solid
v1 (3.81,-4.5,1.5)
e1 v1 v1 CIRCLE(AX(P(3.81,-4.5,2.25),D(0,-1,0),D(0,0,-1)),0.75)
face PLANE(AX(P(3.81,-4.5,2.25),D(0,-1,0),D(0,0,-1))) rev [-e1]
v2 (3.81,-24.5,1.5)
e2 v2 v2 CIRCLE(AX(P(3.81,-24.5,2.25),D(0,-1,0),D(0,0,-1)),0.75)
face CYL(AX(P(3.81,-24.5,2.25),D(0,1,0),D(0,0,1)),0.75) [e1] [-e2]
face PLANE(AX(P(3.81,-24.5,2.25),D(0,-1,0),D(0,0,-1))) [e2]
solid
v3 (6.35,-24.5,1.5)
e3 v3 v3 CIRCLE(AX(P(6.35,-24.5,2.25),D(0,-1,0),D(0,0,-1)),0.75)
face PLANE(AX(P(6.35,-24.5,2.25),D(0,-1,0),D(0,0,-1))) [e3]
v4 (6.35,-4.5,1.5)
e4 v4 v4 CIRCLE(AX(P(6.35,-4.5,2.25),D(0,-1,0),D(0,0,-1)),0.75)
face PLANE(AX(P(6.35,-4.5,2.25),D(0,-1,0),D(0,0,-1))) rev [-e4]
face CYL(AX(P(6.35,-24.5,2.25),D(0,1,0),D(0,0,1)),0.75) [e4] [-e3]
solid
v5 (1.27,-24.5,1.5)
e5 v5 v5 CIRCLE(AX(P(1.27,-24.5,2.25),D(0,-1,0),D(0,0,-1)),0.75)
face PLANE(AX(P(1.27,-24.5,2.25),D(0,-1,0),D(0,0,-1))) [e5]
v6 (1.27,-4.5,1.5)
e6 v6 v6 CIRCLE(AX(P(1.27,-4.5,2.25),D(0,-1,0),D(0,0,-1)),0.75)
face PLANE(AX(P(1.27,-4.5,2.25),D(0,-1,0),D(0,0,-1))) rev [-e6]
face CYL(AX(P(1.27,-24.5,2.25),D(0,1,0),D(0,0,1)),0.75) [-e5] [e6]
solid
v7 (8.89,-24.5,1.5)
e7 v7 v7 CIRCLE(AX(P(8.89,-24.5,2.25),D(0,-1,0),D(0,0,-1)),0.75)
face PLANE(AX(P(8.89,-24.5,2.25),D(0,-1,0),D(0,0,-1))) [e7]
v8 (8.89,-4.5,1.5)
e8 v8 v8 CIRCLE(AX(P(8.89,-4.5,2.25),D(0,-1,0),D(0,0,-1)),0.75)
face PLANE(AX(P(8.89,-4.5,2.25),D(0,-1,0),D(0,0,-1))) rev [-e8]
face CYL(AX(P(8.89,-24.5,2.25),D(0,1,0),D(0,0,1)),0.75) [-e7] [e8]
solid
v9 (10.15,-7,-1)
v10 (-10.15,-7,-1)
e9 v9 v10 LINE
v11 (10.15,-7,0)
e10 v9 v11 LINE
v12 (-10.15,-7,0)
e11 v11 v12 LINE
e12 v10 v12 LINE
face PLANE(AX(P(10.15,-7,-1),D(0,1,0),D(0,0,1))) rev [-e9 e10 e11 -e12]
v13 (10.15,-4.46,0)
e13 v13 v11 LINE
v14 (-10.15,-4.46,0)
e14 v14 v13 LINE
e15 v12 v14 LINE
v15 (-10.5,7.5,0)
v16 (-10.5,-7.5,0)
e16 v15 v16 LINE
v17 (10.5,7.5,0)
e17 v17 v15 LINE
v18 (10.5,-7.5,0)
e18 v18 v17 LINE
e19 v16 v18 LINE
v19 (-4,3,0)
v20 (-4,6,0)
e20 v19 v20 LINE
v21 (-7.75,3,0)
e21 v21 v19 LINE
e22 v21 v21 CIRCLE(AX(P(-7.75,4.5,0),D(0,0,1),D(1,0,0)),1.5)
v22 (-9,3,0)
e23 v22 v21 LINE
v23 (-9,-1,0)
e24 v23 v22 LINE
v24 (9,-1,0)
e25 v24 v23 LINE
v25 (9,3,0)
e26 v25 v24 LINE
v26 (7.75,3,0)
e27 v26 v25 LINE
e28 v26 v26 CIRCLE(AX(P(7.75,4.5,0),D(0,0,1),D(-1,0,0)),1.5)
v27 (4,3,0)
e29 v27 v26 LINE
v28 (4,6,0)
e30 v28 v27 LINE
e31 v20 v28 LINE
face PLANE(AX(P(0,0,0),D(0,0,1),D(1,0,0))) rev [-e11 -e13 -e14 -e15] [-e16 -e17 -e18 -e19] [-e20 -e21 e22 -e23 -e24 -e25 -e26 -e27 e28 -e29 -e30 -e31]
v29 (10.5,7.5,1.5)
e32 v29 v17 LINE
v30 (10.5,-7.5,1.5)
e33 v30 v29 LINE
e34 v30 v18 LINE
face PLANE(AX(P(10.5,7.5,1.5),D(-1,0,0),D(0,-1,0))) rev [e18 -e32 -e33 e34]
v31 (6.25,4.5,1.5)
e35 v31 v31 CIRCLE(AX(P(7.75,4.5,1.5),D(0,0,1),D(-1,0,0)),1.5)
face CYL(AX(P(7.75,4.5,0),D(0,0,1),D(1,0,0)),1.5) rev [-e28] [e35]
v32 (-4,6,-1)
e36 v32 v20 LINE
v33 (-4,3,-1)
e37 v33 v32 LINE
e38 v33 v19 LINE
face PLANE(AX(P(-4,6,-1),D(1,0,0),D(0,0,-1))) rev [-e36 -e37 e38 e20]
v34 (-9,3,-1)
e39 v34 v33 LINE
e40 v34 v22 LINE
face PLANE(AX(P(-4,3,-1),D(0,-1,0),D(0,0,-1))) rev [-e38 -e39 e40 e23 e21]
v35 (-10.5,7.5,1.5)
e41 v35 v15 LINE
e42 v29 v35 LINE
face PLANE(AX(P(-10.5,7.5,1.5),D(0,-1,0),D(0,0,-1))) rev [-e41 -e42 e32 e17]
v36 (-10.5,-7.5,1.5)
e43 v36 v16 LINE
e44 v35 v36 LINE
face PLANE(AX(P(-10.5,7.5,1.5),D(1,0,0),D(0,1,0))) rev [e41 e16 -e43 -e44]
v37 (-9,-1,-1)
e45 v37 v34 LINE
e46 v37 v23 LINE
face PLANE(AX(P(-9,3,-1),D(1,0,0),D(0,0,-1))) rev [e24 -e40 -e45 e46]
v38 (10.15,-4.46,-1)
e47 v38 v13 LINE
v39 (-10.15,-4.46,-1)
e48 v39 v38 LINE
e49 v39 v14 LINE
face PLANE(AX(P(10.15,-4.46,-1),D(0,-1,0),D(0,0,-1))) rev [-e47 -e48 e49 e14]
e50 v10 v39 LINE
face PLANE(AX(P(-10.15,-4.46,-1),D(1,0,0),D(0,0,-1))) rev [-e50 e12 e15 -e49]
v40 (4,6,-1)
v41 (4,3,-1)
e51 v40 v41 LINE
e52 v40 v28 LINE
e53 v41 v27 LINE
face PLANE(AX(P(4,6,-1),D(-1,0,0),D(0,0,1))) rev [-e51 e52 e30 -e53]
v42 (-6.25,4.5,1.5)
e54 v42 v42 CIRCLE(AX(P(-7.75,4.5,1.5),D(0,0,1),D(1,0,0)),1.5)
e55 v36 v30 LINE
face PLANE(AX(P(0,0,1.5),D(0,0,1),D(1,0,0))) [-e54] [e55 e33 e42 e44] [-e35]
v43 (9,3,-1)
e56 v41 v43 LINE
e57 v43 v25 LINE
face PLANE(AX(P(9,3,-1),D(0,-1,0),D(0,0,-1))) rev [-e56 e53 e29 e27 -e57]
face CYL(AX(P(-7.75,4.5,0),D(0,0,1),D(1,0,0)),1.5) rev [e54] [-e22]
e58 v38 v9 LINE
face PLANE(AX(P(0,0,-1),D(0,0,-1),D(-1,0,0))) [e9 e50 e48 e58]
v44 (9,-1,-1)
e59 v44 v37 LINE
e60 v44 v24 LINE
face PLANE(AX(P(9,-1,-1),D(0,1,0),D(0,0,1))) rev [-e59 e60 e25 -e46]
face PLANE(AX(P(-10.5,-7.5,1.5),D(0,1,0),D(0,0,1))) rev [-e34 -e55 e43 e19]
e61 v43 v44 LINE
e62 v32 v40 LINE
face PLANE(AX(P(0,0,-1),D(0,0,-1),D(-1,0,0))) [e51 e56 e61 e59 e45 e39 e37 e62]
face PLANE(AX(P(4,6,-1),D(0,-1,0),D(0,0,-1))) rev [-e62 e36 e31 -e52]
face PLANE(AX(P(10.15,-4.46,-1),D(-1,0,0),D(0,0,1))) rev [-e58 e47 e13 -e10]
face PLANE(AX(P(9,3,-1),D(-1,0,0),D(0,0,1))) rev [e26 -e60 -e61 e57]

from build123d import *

# Parameters (mm, degrees)
SKETCH2_W                     = 21
SKETCH2_H                     = 15
BOSS_EXTRUDE1_DEPTH           = 1.5
SKETCH3_R                     = 1.5
CUT_EXTRUDE1_DEPTH            = 13.990381057
BOSS_EXTRUDE4_START           = -3
SKETCH7_R                     = 0.75
BOSS_EXTRUDE4_DEPTH           = 20
BOSS_EXTRUDE4_2_DEPTH         = 20
BOSS_EXTRUDE4_3_DEPTH         = 20
BOSS_EXTRUDE4_4_DEPTH         = 20
SKETCH6_W                     = 20.3
SKETCH6_H                     = 2.54
KOPONENTTIEN_TILAVARAUS_DEPTH = 1


with BuildPart() as part:
    # Sketch2 → Boss-Extrude1 (new body)
    with BuildSketch(Plane.XY):
        Rectangle(SKETCH2_W, SKETCH2_H)
    extrude(amount=BOSS_EXTRUDE1_DEPTH)

    # Sketch3 → Cut-Extrude1 (cut, through all)
    with BuildSketch(Plane.XY.offset(1.5)):
        with Locations((-7.75, 4.5)):
            Circle(SKETCH3_R)
        with Locations(Location((7.75, 4.5, 0), (0, 0, 180))):
            Circle(SKETCH3_R)
    extrude(amount=-CUT_EXTRUDE1_DEPTH, mode=Mode.SUBTRACT)

    # Sketch6 → Koponenttien tilavaraus (add)
    with BuildSketch(Plane(origin=(0, 0, 0), x_dir=(-1, 0, 0), z_dir=(0, 0, -1))):
        with Locations((0, -5.73)):
            Rectangle(SKETCH6_W, SKETCH6_H)
        Polygon((-9, 3), (-4, 3), (-4, 6), (4, 6), (4, 3), (9, 3), (9, -1), (-9, -1), align=None)
    extrude(amount=KOPONENTTIEN_TILAVARAUS_DEPTH)


with BuildPart() as body_2:
    # Sketch7 → Boss-Extrude4 (new body)
    with BuildSketch(Plane.XZ.offset(7.5).offset(BOSS_EXTRUDE4_START)):
        with Locations(Location((8.89, 2.25, 0), (0, 0, 270))):
            Circle(SKETCH7_R)
    extrude(amount=BOSS_EXTRUDE4_DEPTH)


with BuildPart() as body_3:
    # Sketch7 → Boss-Extrude4 2 (new body)
    with BuildSketch(Plane.XZ.offset(7.5).offset(BOSS_EXTRUDE4_START)):
        with Locations(Location((6.35, 2.25, 0), (0, 0, 270))):
            Circle(SKETCH7_R)
    extrude(amount=BOSS_EXTRUDE4_2_DEPTH)


with BuildPart() as body_4:
    # Sketch7 → Boss-Extrude4 3 (new body)
    with BuildSketch(Plane.XZ.offset(7.5).offset(BOSS_EXTRUDE4_START)):
        with Locations(Location((3.81, 2.25, 0), (0, 0, 270))):
            Circle(SKETCH7_R)
    extrude(amount=BOSS_EXTRUDE4_3_DEPTH)


with BuildPart() as body_5:
    # Sketch7 → Boss-Extrude4 4 (new body)
    with BuildSketch(Plane.XZ.offset(7.5).offset(BOSS_EXTRUDE4_START)):
        with Locations(Location((1.27, 2.25, 0), (0, 0, 270))):
            Circle(SKETCH7_R)
    extrude(amount=BOSS_EXTRUDE4_4_DEPTH)


solid = Compound([part.part, body_2.part, body_3.part, body_4.part, body_5.part])
